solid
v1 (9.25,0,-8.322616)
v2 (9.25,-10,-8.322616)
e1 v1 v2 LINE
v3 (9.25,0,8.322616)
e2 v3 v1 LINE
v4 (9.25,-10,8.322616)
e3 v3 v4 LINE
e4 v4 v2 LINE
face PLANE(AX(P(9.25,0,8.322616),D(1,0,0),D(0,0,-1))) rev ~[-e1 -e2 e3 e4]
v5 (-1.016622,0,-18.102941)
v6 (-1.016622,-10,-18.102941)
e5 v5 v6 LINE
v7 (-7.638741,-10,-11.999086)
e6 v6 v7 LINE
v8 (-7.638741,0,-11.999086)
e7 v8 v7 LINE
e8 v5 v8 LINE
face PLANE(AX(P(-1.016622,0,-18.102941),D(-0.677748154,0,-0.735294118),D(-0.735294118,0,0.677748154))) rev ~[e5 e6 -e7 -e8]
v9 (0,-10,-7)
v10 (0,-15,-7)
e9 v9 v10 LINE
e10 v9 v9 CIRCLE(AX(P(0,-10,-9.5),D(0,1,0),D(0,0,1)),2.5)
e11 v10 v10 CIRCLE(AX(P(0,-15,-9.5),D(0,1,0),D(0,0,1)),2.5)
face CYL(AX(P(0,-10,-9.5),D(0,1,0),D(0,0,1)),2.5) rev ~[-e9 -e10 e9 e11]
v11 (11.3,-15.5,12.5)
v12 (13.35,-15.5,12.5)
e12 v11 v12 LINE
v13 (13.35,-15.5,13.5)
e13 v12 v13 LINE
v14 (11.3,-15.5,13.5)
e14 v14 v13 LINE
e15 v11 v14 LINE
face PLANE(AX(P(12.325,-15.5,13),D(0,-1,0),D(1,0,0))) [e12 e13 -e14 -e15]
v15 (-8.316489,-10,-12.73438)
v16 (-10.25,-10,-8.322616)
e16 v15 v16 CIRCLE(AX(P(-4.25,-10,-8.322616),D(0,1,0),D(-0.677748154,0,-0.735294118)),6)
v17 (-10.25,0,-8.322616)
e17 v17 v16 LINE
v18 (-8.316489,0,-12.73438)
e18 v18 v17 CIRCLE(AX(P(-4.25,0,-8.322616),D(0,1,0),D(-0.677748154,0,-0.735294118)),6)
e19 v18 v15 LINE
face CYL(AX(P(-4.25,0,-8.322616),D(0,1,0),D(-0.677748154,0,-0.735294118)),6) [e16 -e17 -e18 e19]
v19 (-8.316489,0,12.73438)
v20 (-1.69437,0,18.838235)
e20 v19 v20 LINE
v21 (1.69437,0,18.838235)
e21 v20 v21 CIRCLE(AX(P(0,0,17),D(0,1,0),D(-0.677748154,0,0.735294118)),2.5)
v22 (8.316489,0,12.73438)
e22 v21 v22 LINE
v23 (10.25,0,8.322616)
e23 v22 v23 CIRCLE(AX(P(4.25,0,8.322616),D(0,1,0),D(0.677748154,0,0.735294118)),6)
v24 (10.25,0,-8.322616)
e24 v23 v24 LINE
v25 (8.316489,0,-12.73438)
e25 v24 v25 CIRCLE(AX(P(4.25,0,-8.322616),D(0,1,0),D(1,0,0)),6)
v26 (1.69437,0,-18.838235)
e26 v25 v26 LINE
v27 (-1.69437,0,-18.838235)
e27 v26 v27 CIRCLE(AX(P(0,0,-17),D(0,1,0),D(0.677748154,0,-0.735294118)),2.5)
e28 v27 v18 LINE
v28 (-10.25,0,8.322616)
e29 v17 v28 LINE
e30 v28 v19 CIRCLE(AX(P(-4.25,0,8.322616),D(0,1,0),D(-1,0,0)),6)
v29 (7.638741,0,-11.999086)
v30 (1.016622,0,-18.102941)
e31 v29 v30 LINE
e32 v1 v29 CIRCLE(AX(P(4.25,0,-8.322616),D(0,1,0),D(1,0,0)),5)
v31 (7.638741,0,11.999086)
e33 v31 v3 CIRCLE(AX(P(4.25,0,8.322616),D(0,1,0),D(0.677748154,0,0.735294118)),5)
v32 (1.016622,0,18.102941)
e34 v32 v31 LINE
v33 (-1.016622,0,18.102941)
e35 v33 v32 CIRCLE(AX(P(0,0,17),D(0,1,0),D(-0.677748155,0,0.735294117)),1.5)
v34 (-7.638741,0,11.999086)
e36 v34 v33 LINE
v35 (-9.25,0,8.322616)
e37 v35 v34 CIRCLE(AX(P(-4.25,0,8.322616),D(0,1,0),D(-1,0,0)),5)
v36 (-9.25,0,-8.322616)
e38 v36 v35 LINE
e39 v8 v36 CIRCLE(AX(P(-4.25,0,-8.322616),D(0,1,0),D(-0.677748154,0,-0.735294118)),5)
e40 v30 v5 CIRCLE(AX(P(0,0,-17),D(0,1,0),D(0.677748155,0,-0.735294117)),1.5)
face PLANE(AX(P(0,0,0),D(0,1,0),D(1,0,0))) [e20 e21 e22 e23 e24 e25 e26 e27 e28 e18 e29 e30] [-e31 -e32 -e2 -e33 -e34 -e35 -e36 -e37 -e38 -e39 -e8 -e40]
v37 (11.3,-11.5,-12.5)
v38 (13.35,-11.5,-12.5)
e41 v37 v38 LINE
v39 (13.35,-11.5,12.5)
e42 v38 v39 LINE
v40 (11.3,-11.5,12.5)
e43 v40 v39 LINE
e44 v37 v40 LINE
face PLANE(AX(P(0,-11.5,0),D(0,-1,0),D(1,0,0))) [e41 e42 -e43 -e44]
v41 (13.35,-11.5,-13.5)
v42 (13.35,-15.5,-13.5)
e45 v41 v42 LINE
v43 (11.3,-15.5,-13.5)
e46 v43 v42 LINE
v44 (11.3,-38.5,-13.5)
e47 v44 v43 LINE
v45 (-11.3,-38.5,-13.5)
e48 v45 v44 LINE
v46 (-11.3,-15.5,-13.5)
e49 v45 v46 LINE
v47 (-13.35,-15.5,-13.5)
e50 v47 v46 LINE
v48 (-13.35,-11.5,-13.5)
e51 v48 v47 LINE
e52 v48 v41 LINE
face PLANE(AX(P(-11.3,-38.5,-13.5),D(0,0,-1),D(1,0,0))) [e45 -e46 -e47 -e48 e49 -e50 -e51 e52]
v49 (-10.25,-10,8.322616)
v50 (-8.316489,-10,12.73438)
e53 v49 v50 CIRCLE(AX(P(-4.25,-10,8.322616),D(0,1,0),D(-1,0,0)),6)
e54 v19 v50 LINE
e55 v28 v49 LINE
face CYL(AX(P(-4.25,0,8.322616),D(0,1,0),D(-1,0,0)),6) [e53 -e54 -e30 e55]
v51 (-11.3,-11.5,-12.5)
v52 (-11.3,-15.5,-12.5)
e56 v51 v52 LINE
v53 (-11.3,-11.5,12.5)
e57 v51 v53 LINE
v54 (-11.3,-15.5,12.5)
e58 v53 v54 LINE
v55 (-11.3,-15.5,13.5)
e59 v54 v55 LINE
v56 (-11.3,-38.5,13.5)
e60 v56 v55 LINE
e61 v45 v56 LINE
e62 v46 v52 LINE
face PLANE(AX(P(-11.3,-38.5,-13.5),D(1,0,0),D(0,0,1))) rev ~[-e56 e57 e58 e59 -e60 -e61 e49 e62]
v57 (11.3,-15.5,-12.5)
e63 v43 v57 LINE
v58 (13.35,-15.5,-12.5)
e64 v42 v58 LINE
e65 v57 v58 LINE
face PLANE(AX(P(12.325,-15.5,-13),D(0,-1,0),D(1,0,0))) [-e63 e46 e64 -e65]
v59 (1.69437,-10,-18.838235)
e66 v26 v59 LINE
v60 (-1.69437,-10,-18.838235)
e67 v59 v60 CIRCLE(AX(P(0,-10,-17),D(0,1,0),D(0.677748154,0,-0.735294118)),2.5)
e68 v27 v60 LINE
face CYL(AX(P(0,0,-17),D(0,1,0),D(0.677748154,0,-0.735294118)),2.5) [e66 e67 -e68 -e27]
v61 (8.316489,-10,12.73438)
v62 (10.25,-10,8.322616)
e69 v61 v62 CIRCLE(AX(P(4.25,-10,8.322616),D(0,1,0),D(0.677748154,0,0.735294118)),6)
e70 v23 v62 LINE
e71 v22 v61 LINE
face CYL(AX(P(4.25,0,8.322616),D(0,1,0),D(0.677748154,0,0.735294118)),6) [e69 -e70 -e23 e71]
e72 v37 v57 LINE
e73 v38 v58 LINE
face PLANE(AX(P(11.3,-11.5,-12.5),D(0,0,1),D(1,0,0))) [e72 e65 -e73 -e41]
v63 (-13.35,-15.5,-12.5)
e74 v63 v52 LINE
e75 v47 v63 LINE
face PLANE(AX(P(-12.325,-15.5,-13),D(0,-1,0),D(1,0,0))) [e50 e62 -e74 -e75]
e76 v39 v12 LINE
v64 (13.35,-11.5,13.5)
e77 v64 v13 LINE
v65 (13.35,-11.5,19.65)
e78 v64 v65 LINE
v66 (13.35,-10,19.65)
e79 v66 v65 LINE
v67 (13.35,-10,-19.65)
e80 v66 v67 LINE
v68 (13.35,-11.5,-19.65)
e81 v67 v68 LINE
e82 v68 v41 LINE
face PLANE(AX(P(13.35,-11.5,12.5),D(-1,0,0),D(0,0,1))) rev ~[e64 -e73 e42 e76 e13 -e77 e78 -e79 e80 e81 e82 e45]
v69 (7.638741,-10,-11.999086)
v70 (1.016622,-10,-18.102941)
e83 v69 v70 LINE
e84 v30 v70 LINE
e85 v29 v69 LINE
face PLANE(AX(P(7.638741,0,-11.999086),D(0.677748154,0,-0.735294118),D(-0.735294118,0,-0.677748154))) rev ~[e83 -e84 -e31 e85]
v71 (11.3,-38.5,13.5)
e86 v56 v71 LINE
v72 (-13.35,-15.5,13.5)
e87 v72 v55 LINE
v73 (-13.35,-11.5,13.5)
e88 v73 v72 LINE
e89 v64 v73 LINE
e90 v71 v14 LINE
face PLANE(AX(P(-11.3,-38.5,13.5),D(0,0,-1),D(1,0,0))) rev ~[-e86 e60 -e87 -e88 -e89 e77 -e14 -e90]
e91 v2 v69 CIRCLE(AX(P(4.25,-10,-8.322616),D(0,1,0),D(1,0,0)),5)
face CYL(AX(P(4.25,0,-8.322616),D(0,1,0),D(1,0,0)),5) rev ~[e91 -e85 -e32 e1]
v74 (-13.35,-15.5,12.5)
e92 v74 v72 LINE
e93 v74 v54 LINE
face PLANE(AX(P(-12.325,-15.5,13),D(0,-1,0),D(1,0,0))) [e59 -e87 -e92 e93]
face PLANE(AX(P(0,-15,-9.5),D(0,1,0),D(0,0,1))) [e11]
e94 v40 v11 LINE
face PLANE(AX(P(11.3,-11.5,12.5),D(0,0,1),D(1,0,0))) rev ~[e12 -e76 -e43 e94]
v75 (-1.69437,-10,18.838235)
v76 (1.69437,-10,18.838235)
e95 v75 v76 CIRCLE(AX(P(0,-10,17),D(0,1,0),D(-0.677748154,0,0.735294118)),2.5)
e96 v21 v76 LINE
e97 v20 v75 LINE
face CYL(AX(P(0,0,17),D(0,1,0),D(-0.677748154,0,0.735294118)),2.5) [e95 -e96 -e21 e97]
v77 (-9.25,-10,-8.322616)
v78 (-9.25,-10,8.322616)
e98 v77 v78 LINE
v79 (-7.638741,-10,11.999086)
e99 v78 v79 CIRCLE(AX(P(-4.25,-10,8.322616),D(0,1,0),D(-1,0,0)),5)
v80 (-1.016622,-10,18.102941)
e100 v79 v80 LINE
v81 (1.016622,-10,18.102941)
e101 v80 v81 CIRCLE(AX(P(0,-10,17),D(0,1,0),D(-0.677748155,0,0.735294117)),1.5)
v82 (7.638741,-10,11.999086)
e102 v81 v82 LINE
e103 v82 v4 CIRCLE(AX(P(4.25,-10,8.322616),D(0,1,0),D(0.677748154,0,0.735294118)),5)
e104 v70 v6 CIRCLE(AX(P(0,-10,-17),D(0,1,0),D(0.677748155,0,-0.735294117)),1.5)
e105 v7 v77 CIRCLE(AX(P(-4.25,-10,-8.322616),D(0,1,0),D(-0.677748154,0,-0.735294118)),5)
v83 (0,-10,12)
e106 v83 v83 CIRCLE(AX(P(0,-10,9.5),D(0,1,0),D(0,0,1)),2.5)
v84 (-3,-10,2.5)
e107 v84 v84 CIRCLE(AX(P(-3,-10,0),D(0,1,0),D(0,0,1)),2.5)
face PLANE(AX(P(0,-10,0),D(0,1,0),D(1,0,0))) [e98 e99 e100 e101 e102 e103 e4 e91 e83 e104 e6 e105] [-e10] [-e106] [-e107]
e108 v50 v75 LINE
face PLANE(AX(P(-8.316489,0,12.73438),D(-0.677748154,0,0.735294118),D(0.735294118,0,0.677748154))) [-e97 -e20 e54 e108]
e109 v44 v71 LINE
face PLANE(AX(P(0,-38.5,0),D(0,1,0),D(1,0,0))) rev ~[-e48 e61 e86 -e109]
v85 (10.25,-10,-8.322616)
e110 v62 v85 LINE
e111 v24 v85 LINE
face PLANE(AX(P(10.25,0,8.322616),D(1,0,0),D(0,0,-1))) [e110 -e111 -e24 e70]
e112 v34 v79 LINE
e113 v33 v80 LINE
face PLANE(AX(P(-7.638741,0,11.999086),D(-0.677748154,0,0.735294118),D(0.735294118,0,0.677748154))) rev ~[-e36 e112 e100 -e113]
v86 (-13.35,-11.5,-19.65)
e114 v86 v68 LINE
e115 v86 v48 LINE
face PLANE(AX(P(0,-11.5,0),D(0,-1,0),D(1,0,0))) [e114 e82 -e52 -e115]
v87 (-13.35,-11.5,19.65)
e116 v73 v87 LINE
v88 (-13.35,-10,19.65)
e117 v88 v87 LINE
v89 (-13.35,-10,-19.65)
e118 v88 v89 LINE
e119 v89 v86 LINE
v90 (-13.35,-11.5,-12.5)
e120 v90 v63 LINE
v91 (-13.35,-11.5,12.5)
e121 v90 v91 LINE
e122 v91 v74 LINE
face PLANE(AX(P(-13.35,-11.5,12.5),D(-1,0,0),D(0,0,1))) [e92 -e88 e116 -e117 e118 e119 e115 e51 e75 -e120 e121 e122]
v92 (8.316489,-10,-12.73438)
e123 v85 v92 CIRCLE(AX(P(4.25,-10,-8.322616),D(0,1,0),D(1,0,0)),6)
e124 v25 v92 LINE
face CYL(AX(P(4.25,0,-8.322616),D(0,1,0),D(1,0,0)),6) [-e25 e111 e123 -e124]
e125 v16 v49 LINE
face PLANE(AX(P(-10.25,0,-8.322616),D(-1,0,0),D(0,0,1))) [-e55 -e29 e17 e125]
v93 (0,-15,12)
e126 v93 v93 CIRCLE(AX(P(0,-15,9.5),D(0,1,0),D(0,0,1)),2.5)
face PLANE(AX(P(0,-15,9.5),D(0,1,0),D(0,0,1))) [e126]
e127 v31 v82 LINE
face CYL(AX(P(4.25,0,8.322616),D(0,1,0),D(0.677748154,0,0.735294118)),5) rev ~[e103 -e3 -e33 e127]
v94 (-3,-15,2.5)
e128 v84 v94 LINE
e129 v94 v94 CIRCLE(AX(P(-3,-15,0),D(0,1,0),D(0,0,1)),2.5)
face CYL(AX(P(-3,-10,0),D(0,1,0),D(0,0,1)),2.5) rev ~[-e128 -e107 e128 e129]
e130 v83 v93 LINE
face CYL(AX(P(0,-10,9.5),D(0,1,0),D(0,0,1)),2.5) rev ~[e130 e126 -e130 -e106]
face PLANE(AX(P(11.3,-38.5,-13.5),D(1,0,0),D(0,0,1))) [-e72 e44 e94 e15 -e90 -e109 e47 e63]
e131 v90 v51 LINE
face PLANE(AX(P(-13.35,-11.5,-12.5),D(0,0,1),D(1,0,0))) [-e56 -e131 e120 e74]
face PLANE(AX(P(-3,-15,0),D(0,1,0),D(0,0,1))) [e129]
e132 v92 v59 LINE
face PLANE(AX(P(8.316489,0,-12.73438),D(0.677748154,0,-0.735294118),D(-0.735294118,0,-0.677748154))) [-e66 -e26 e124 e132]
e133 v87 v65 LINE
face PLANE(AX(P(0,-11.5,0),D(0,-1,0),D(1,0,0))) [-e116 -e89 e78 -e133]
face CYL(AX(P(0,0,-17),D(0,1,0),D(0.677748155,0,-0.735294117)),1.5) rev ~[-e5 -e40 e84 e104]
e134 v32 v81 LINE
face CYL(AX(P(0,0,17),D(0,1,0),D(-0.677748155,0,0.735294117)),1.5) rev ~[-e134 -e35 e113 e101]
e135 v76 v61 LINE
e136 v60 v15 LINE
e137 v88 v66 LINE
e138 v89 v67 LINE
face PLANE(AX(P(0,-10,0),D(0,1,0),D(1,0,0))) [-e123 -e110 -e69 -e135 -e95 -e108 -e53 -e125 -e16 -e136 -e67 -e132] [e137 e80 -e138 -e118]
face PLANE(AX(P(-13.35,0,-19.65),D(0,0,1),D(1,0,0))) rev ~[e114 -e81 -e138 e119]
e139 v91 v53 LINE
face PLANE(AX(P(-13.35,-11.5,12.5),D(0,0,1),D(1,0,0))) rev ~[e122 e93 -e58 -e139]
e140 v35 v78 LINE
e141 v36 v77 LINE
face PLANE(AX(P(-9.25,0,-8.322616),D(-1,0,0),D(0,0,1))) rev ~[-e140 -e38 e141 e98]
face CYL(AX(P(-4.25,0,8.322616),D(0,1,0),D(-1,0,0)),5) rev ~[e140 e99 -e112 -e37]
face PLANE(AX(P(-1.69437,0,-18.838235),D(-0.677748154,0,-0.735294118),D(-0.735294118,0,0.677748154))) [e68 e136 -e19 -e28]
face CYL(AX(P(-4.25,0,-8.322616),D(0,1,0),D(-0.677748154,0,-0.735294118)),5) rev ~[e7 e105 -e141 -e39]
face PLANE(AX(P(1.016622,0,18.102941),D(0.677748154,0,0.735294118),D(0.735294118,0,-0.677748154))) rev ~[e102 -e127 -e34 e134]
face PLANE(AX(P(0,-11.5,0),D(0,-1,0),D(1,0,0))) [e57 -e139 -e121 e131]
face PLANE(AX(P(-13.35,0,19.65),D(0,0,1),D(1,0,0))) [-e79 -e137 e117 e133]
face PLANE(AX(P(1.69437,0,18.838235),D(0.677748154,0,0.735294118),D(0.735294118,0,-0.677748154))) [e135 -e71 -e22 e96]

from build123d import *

# Parameters (mm, degrees)
ESBO_O1_W                = 26.7
ESBO_O1_H                = 39.3
RESSALTO_EXTRUS_O1_DEPTH = 38.5
CORTE_EXTRUS_O1_DEPTH    = 10
ESBO_O4_W                = 26.7
ESBO_O4_H                = 39.3
CORTE_EXTRUS_O2_DEPTH    = 10
ESBO_O5_W                = 26.7
ESBO_O5_H                = 39.3
ESBO_O5_W_2              = 22.6
ESBO_O5_H_2              = 27
CORTE_EXTRUS_O4_DEPTH    = 27
ESBO_O6_R                = 2.5
CORTE_EXTRUS_O5_DEPTH    = 5
ESBO_O7_W                = 2.05
ESBO_O7_H                = 1
RESSALTO_EXTRUS_O2_DEPTH = 4


with BuildPart() as part:
    # Esboço1 → Ressalto-extrusão1 (new body)
    with BuildSketch(Plane(origin=(0, 0, 0), x_dir=(1, 0, 0), z_dir=(0, 1, 0))):
        Rectangle(ESBO_O1_W, ESBO_O1_H)
    extrude(amount=-RESSALTO_EXTRUS_O1_DEPTH)

    # Esboço2 → Corte-extrusão1 (cut)
    with BuildSketch(Plane(origin=(0, 0, 0), x_dir=(1, 0, 0), z_dir=(0, 1, 0))):
        with BuildLine():
            Line((1.016622231, -18.102941176), (7.638740771, -11.999086257))
            ThreePointArc((7.638740771, -11.999086257), (8.829503459, -10.32964035), (9.25, -8.322615669))
            Line((9.25, -8.322615669), (9.25, 8.322615669))
            ThreePointArc((9.25, 8.322615669), (8.829503459, 10.32964035), (7.638740771, 11.999086257))
            Line((7.638740771, 11.999086257), (1.016622231, 18.102941176))
            ThreePointArc((1.016622231, 18.102941176), (0, 18.5), (-1.016622231, 18.102941176))
            Line((-1.016622231, 18.102941176), (-7.638740771, 11.999086257))
            ThreePointArc((-7.638740771, 11.999086257), (-8.829503459, 10.32964035), (-9.25, 8.322615669))
            Line((-9.25, 8.322615669), (-9.25, -8.322615669))
            ThreePointArc((-9.25, -8.322615669), (-8.829503459, -10.32964035), (-7.638740771, -11.999086257))
            Line((-7.638740771, -11.999086257), (-1.016622231, -18.102941176))
            ThreePointArc((-1.016622231, -18.102941176), (0, -18.5), (1.016622231, -18.102941176))
        make_face()
    extrude(amount=-CORTE_EXTRUS_O1_DEPTH, mode=Mode.SUBTRACT)

    # Esboço4 → Corte-extrusão2 (cut)
    with BuildSketch(Plane(origin=(0, 0, 0), x_dir=(1, 0, 0), z_dir=(0, 1, 0))):
        Rectangle(ESBO_O4_W, ESBO_O4_H)
        with BuildLine():
            ThreePointArc((-8.316488925, 12.734380374), (-9.74540415, 10.731045286), (-10.25, 8.322615669))
            Line((-10.25, 8.322615669), (-10.25, -8.322615669))
            ThreePointArc((-10.25, -8.322615669), (-9.74540415, -10.731045286), (-8.316488925, -12.734380374))
            Line((-8.316488925, -12.734380374), (-1.694370386, -18.838235294))
            ThreePointArc((-1.694370386, -18.838235294), (0, -19.5), (1.694370386, -18.838235294))
            Line((1.694370386, -18.838235294), (8.316488925, -12.734380374))
            ThreePointArc((8.316488925, -12.734380374), (9.74540415, -10.731045286), (10.25, -8.322615669))
            Line((10.25, -8.322615669), (10.25, 8.322615669))
            ThreePointArc((10.25, 8.322615669), (9.74540415, 10.731045286), (8.316488925, 12.734380374))
            Line((8.316488925, 12.734380374), (1.694370386, 18.838235294))
            ThreePointArc((1.694370386, 18.838235294), (0, 19.5), (-1.694370386, 18.838235294))
            Line((-1.694370386, 18.838235294), (-8.316488925, 12.734380374))
        make_face(mode=Mode.SUBTRACT)
    extrude(amount=-CORTE_EXTRUS_O2_DEPTH, mode=Mode.SUBTRACT)

    # Esboço5 → Corte-extrusão4 (cut)
    with BuildSketch(Plane.XZ.offset(38.5)):
        Rectangle(ESBO_O5_W, ESBO_O5_H)
        Rectangle(ESBO_O5_W_2, ESBO_O5_H_2, mode=Mode.SUBTRACT)
    extrude(amount=-CORTE_EXTRUS_O4_DEPTH, mode=Mode.SUBTRACT)

    # Esboço6 → Corte-extrusão5 (cut)
    with BuildSketch(Plane(origin=(0, -10, 0), x_dir=(1, 0, 0), z_dir=(0, 1, 0))):
        with Locations(Location((0, -9.5, 0), (0, 0, 270))):
            Circle(ESBO_O6_R)
        with Locations(Location((0, 9.5, 0), (0, 0, 270))):
            Circle(ESBO_O6_R)
        with Locations(Location((-3, 0, 0), (0, 0, 270))):
            Circle(ESBO_O6_R)
    extrude(amount=-CORTE_EXTRUS_O5_DEPTH, mode=Mode.SUBTRACT)

    # Esboço7 → Ressalto-extrusão2 (add)
    with BuildSketch(Plane.XZ.offset(11.5)):
        with Locations((12.325, 13)):
            Rectangle(ESBO_O7_W, ESBO_O7_H)
        with Locations((-12.325, 13)):
            Rectangle(ESBO_O7_W, ESBO_O7_H)
        with Locations((-12.325, -13)):
            Rectangle(ESBO_O7_W, ESBO_O7_H)
        with Locations((12.325, -13)):
            Rectangle(ESBO_O7_W, ESBO_O7_H)
    extrude(amount=RESSALTO_EXTRUS_O2_DEPTH)


solid = part.part
